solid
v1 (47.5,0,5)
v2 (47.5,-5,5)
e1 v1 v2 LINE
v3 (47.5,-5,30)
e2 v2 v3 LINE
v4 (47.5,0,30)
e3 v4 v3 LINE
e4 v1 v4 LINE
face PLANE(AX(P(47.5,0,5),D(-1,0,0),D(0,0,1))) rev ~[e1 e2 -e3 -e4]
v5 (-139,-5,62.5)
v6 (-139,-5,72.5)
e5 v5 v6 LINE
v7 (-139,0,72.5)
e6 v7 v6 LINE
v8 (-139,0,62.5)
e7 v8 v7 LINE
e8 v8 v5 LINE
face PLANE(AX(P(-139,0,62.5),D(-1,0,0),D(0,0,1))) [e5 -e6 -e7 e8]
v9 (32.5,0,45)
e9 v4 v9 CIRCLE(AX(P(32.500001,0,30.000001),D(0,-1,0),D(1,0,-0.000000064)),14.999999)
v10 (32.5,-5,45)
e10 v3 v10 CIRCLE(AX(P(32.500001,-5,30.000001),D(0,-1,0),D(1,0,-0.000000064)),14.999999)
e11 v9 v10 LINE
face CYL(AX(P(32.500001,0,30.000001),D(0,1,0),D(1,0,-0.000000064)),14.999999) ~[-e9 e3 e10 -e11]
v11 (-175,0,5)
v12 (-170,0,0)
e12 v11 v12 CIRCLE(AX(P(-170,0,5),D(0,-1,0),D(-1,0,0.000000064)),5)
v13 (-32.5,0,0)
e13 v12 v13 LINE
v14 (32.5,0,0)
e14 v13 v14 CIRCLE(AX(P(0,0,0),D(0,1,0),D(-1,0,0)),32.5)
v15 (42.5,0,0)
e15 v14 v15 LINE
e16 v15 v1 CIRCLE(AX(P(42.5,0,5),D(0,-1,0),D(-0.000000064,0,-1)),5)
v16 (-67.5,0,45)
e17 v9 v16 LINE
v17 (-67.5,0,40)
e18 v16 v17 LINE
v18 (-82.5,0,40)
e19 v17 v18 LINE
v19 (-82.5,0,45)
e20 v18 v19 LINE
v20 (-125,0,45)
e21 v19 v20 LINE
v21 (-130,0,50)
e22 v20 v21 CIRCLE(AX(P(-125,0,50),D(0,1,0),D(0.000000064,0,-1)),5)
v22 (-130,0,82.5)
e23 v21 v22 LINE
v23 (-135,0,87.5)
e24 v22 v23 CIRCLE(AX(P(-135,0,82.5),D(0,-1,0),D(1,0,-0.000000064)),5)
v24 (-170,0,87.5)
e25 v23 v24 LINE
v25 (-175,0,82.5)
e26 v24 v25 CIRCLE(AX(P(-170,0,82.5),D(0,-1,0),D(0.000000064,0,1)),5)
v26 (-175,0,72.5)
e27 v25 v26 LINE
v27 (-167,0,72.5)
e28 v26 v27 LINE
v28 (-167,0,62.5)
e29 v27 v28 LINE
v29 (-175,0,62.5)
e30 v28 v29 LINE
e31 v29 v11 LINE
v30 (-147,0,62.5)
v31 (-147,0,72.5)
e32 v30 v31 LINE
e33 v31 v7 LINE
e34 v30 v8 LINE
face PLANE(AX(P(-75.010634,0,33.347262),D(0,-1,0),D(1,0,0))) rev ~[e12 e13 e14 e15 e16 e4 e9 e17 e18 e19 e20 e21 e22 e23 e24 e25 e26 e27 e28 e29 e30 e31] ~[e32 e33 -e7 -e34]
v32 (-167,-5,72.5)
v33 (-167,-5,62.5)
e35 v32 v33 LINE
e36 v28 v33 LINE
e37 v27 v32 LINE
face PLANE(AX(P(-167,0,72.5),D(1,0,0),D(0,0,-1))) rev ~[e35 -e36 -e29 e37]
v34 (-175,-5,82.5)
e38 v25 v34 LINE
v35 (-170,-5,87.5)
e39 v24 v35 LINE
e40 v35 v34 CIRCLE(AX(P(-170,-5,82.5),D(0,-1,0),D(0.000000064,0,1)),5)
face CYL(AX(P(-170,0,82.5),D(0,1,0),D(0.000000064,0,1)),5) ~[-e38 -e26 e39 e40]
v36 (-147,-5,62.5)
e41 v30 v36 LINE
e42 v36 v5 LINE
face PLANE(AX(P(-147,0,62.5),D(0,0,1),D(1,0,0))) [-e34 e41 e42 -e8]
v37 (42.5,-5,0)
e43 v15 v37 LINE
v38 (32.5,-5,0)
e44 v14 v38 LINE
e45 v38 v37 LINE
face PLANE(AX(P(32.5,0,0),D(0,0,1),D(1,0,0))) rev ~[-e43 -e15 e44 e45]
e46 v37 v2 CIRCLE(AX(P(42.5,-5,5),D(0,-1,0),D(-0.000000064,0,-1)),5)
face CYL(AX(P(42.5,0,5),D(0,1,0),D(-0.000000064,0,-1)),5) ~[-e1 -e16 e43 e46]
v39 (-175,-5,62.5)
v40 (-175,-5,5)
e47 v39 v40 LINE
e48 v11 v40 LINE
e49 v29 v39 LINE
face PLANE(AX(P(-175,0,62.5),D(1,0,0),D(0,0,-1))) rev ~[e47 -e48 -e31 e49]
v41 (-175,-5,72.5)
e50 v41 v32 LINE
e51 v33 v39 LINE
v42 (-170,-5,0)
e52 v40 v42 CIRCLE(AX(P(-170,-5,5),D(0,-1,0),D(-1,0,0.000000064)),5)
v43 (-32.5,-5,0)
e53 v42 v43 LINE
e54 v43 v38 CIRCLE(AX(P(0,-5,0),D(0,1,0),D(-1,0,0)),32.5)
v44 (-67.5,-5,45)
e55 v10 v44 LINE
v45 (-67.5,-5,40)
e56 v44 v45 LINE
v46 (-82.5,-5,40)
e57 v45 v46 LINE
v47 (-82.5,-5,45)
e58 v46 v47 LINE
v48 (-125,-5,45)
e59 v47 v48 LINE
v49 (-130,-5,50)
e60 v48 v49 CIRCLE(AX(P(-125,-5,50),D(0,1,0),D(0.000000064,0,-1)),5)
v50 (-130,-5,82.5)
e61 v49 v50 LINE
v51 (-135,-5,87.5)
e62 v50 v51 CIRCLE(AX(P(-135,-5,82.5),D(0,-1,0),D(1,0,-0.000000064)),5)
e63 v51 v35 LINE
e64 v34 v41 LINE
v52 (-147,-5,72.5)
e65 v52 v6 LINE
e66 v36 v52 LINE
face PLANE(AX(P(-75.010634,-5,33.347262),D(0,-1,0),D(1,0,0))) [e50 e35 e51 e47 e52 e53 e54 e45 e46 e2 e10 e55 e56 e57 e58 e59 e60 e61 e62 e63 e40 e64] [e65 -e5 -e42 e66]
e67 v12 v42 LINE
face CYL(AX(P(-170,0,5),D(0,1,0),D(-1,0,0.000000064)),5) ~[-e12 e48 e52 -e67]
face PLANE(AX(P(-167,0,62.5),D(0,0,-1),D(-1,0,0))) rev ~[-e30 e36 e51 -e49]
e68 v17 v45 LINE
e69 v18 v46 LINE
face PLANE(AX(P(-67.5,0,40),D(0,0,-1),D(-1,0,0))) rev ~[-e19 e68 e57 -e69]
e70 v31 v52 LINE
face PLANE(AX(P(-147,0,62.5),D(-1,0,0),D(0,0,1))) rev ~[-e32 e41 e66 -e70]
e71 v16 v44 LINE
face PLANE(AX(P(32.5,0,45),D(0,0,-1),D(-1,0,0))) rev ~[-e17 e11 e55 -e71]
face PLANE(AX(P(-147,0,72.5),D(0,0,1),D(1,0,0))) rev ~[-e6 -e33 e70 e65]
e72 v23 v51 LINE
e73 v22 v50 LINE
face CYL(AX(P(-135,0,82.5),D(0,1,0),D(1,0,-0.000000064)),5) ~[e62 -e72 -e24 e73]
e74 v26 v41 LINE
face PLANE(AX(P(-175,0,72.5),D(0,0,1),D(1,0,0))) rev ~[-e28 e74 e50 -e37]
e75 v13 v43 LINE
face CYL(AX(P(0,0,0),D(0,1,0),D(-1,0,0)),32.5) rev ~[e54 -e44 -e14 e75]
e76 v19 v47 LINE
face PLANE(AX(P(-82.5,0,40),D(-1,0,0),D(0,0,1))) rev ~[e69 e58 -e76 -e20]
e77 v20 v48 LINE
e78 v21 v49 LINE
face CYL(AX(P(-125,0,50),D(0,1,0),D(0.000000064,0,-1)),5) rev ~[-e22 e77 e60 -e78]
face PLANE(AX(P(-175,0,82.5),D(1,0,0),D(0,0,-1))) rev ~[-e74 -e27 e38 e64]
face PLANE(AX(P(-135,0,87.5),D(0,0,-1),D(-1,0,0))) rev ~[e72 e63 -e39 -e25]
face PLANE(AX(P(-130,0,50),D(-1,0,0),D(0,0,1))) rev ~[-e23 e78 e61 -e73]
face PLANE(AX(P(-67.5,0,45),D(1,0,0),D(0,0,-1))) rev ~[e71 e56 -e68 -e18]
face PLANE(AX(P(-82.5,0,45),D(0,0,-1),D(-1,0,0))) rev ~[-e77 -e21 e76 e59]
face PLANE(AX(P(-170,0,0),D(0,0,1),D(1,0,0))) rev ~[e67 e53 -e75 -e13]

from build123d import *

# Parameters (mm, degrees)
F0_W     = 8
F0_H     = 10
F1_DEPTH = 5


with BuildPart() as f1:
    # F0 (on Front) → F1 (new body)
    with BuildSketch(Plane.XZ):
        with BuildLine():
            ThreePointArc((-32.5, 0), (0, 32.5), (32.5, 0))
            Line((32.5, 0), (42.5, 0))
            ThreePointArc((42.5, 0), (46.035534, 1.464466), (47.5, 5))
            Line((47.5, 5), (47.5, 30))
            ThreePointArc((47.5, 30), (43.106602, 40.606602), (32.5, 45))
            Line((32.5, 45), (-67.5, 45))
            Line((-67.5, 45), (-67.5, 40))
            Line((-67.5, 40), (-82.5, 40))
            Line((-82.5, 40), (-82.5, 45))
            Line((-82.5, 45), (-125, 45))
            ThreePointArc((-125, 45), (-128.535534, 46.464466), (-130, 50))
            Line((-130, 50), (-130, 82.5))
            ThreePointArc((-130, 82.5), (-131.464466, 86.035534), (-135, 87.5))
            Line((-135, 87.5), (-170, 87.5))
            ThreePointArc((-170, 87.5), (-173.535534, 86.035534), (-175, 82.5))
            Line((-175, 82.5), (-175, 72.5))
            Line((-175, 72.5), (-167, 72.5))
            Line((-167, 72.5), (-167, 62.5))
            Line((-167, 62.5), (-175, 62.5))
            Line((-175, 62.5), (-175, 5))
            ThreePointArc((-175, 5), (-173.535534, 1.464466), (-170, 0))
            Line((-170, 0), (-32.5, 0))
        make_face()
        with Locations((-143, 67.5)):
            Rectangle(F0_W, F0_H, mode=Mode.SUBTRACT)
    extrude(amount=F1_DEPTH)


solid = f1.part
